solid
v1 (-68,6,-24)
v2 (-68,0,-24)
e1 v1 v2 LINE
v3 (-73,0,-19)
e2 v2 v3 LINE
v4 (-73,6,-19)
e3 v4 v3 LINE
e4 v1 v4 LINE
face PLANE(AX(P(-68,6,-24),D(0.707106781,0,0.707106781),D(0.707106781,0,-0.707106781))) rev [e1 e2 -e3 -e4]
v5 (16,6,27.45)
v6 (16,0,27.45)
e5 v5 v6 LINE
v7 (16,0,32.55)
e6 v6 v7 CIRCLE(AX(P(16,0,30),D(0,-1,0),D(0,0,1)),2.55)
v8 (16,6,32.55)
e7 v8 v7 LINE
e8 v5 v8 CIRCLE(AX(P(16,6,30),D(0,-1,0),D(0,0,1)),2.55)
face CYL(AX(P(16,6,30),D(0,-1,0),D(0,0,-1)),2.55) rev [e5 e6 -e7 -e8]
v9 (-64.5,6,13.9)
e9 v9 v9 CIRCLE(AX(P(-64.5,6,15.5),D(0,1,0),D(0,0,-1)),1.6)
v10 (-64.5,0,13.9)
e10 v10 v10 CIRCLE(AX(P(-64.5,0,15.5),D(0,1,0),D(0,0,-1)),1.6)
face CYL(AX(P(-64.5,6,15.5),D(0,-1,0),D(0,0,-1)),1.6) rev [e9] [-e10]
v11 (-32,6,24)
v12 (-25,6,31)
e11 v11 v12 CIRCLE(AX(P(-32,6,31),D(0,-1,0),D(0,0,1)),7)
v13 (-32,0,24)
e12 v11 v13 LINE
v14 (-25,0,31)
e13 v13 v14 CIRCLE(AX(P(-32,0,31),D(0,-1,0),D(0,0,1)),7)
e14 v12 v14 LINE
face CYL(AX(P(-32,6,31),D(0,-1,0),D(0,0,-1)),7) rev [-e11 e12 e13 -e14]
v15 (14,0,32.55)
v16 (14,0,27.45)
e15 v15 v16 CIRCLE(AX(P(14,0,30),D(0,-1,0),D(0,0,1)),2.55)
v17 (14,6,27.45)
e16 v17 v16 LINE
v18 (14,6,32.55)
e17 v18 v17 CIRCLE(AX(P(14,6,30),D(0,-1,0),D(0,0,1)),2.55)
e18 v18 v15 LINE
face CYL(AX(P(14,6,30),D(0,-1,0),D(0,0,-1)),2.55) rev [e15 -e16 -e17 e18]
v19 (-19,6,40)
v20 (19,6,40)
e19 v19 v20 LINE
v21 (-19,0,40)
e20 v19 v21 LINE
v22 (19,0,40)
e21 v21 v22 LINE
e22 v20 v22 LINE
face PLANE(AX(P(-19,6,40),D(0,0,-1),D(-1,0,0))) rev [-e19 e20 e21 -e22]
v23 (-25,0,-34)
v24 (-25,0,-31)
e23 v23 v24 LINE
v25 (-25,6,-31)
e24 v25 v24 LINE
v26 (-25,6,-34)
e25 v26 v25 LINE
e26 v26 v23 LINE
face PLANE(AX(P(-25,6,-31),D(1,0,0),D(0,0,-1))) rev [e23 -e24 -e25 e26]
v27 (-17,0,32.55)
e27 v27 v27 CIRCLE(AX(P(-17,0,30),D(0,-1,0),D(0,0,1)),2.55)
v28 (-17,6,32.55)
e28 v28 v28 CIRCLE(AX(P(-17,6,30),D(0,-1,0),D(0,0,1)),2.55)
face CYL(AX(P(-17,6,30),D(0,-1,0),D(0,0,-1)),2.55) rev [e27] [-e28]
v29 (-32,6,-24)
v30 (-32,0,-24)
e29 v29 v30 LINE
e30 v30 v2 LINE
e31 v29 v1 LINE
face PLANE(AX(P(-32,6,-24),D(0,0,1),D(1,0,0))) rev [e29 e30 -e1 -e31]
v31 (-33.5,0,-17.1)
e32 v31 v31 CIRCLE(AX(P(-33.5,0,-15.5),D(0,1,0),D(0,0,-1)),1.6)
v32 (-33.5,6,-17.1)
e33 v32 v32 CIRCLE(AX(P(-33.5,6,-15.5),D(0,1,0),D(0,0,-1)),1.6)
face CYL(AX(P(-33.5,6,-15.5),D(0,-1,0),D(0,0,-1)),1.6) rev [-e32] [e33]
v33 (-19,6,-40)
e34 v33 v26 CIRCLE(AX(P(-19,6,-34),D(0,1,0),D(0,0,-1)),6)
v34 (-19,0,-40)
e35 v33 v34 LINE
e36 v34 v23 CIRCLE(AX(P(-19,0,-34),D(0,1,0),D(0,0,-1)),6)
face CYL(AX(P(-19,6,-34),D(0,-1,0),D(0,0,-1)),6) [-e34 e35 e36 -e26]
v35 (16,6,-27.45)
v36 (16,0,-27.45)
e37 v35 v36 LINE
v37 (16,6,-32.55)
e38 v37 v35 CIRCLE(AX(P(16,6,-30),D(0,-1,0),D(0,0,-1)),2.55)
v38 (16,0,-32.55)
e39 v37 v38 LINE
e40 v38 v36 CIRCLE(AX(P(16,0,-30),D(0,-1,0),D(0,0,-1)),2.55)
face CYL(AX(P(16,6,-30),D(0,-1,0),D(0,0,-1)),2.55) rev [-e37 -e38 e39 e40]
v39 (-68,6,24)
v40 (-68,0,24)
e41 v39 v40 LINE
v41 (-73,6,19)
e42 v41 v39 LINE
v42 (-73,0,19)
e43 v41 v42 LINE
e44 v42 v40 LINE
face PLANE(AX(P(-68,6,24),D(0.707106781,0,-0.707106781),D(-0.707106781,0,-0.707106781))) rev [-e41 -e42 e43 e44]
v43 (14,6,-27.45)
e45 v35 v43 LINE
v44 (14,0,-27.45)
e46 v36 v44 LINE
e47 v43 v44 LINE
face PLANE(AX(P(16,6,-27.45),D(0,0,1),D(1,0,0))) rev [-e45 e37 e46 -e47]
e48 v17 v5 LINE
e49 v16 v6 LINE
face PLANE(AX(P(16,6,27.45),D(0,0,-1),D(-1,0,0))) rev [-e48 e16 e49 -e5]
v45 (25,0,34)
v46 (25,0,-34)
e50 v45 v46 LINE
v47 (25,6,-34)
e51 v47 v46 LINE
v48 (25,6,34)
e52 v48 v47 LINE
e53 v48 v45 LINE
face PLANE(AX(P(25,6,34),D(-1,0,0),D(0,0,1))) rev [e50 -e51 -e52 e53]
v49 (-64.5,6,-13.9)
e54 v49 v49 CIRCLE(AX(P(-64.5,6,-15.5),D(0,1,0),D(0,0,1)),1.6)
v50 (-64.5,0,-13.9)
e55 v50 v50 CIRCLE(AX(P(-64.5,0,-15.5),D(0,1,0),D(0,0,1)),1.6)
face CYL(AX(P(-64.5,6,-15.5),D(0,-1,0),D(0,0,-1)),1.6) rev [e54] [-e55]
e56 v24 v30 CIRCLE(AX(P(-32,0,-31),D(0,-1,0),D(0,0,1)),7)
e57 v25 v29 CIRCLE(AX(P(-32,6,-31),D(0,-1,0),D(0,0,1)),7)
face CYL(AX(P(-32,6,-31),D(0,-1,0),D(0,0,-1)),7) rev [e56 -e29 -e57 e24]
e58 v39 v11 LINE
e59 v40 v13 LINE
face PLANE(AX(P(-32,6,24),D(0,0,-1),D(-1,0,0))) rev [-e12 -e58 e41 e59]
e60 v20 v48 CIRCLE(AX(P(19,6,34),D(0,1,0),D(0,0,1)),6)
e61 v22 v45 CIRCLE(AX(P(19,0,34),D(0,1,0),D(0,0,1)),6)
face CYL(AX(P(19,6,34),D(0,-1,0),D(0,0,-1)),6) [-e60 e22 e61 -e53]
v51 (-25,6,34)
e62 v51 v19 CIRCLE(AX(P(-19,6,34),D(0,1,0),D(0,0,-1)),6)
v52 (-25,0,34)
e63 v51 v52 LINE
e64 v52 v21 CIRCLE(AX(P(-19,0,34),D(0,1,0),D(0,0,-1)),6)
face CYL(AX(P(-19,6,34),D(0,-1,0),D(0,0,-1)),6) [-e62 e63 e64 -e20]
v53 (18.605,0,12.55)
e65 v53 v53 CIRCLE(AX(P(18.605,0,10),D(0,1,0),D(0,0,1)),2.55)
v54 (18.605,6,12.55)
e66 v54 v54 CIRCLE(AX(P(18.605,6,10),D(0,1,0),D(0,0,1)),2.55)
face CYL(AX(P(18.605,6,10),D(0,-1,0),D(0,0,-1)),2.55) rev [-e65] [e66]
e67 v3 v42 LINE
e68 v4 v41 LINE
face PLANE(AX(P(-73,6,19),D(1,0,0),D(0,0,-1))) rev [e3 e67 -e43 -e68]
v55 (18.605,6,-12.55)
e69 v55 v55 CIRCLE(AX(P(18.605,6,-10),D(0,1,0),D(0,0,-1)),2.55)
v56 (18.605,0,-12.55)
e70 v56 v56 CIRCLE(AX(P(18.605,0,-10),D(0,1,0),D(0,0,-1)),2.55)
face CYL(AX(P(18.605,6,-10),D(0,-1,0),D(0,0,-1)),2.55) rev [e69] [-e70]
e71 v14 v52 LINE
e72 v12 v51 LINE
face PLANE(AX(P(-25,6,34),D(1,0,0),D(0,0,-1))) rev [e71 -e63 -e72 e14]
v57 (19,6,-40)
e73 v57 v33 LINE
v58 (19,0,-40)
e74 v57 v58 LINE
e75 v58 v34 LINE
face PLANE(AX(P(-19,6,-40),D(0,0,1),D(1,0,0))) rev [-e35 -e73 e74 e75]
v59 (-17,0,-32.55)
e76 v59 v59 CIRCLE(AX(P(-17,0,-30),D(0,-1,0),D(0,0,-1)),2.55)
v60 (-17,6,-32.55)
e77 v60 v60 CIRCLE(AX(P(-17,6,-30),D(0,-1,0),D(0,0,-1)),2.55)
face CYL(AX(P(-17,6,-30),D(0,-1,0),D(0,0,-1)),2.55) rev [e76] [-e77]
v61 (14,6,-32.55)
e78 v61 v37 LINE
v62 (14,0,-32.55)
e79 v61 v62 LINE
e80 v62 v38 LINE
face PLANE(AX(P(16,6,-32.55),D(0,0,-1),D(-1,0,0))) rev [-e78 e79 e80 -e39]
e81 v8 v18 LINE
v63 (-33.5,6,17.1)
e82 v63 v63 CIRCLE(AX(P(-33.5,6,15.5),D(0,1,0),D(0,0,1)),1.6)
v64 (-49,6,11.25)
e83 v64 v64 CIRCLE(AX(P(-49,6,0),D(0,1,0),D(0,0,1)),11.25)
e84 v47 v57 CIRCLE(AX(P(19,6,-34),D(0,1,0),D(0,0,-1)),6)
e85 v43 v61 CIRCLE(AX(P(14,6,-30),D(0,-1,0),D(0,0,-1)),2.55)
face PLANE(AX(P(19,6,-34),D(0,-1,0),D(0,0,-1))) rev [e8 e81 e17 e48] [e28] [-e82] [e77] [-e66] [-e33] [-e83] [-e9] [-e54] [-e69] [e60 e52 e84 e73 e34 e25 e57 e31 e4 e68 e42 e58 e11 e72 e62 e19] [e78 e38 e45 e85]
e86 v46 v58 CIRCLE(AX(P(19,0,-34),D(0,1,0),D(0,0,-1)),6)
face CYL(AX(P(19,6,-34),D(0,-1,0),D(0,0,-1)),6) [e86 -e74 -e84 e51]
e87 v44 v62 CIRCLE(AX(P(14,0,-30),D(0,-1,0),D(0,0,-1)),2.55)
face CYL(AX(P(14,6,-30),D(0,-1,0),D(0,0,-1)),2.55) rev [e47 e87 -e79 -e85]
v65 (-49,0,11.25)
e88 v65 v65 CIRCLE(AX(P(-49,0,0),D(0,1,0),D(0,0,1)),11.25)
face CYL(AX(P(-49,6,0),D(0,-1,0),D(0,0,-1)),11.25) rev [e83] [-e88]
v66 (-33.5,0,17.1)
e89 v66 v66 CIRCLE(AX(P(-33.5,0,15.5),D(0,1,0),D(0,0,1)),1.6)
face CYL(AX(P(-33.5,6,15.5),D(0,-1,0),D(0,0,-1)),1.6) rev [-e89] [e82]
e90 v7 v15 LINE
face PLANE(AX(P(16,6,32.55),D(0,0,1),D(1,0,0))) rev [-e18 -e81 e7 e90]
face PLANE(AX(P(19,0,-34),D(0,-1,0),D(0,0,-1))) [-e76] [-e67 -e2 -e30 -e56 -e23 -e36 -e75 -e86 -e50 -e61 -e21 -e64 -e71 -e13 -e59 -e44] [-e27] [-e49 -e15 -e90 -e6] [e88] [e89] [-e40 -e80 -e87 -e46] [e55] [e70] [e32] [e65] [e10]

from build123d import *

# Parameters (mm, degrees)
SKETCH_1_R          = 11.25
SKETCH_1_R_2        = 1.6
SKETCH_1_R_3        = 2.550000002
EXTRUDE_1_DEPTH     = 6
SKETCH_2_R          = 2.55
CUT_EXTRUDE_1_DEPTH = 7


with BuildPart() as part:
    # Эскиз1 → Бобышка-Вытянуть1 (new body)
    with BuildSketch(Plane(origin=(0, 0, 0), x_dir=(1, 0, 0), z_dir=(0, 1, 0))):
        with BuildLine():
            Line((-32, -24), (-68, -24))
            Line((-68, -24), (-73, -19))
            Line((-73, -19), (-73, 19))
            Line((-73, 19), (-68, 24))
            Line((-68, 24), (-32, 24))
            ThreePointArc((-32, 24), (-27.050252532, 26.050252532), (-25, 31))
            Line((-25, 31), (-25, 34))
            ThreePointArc((-25, 34), (-23.242640687, 38.242640687), (-19, 40))
            Line((-19, 40), (19, 40))
            ThreePointArc((19, 40), (23.242640687, 38.242640687), (25, 34))
            Line((25, 34), (25, -34))
            ThreePointArc((25, -34), (23.242640687, -38.242640687), (19, -40))
            Line((19, -40), (-19, -40))
            ThreePointArc((-19, -40), (-23.242640687, -38.242640687), (-25, -34))
            Line((-25, -34), (-25, -31))
            ThreePointArc((-25, -31), (-27.050252532, -26.050252532), (-32, -24))
        make_face()
        with Locations((-49, 0)):
            Circle(SKETCH_1_R, mode=Mode.SUBTRACT)
        with Locations((-64.5, 15.5)):
            Circle(SKETCH_1_R_2, mode=Mode.SUBTRACT)
        with Locations((-64.5, -15.5)):
            Circle(SKETCH_1_R_2, mode=Mode.SUBTRACT)
        with Locations((-33.5, 15.5)):
            Circle(SKETCH_1_R_2, mode=Mode.SUBTRACT)
        with Locations((-33.5, -15.5)):
            Circle(SKETCH_1_R_2, mode=Mode.SUBTRACT)
        with Locations((18.604999997, -10)):
            Circle(SKETCH_1_R_3, mode=Mode.SUBTRACT)
        with Locations((18.604999997, 10)):
            Circle(SKETCH_1_R_3, mode=Mode.SUBTRACT)
    extrude(amount=EXTRUDE_1_DEPTH)

    # Эскиз2 → Вырез-Вытянуть1 (cut, through all)
    with BuildSketch(Plane.XZ):
        with Locations((-17, -30)):
            Circle(SKETCH_2_R)
        with Locations((-17, 30)):
            Circle(SKETCH_2_R)
        with BuildLine():
            Line((16, -32.55), (14, -32.55))
            ThreePointArc((14, -32.55), (11.45, -30), (14, -27.45))
            Line((14, -27.45), (16, -27.45))
            ThreePointArc((16, -27.45), (18.55, -30), (16, -32.55))
        make_face()
        with BuildLine():
            Line((16, 32.55), (14, 32.55))
            ThreePointArc((14, 32.55), (11.45, 30), (14, 27.45))
            Line((14, 27.45), (16, 27.45))
            ThreePointArc((16, 27.45), (18.55, 30), (16, 32.55))
        make_face()
    extrude(amount=-CUT_EXTRUDE_1_DEPTH, mode=Mode.SUBTRACT)


solid = part.part
